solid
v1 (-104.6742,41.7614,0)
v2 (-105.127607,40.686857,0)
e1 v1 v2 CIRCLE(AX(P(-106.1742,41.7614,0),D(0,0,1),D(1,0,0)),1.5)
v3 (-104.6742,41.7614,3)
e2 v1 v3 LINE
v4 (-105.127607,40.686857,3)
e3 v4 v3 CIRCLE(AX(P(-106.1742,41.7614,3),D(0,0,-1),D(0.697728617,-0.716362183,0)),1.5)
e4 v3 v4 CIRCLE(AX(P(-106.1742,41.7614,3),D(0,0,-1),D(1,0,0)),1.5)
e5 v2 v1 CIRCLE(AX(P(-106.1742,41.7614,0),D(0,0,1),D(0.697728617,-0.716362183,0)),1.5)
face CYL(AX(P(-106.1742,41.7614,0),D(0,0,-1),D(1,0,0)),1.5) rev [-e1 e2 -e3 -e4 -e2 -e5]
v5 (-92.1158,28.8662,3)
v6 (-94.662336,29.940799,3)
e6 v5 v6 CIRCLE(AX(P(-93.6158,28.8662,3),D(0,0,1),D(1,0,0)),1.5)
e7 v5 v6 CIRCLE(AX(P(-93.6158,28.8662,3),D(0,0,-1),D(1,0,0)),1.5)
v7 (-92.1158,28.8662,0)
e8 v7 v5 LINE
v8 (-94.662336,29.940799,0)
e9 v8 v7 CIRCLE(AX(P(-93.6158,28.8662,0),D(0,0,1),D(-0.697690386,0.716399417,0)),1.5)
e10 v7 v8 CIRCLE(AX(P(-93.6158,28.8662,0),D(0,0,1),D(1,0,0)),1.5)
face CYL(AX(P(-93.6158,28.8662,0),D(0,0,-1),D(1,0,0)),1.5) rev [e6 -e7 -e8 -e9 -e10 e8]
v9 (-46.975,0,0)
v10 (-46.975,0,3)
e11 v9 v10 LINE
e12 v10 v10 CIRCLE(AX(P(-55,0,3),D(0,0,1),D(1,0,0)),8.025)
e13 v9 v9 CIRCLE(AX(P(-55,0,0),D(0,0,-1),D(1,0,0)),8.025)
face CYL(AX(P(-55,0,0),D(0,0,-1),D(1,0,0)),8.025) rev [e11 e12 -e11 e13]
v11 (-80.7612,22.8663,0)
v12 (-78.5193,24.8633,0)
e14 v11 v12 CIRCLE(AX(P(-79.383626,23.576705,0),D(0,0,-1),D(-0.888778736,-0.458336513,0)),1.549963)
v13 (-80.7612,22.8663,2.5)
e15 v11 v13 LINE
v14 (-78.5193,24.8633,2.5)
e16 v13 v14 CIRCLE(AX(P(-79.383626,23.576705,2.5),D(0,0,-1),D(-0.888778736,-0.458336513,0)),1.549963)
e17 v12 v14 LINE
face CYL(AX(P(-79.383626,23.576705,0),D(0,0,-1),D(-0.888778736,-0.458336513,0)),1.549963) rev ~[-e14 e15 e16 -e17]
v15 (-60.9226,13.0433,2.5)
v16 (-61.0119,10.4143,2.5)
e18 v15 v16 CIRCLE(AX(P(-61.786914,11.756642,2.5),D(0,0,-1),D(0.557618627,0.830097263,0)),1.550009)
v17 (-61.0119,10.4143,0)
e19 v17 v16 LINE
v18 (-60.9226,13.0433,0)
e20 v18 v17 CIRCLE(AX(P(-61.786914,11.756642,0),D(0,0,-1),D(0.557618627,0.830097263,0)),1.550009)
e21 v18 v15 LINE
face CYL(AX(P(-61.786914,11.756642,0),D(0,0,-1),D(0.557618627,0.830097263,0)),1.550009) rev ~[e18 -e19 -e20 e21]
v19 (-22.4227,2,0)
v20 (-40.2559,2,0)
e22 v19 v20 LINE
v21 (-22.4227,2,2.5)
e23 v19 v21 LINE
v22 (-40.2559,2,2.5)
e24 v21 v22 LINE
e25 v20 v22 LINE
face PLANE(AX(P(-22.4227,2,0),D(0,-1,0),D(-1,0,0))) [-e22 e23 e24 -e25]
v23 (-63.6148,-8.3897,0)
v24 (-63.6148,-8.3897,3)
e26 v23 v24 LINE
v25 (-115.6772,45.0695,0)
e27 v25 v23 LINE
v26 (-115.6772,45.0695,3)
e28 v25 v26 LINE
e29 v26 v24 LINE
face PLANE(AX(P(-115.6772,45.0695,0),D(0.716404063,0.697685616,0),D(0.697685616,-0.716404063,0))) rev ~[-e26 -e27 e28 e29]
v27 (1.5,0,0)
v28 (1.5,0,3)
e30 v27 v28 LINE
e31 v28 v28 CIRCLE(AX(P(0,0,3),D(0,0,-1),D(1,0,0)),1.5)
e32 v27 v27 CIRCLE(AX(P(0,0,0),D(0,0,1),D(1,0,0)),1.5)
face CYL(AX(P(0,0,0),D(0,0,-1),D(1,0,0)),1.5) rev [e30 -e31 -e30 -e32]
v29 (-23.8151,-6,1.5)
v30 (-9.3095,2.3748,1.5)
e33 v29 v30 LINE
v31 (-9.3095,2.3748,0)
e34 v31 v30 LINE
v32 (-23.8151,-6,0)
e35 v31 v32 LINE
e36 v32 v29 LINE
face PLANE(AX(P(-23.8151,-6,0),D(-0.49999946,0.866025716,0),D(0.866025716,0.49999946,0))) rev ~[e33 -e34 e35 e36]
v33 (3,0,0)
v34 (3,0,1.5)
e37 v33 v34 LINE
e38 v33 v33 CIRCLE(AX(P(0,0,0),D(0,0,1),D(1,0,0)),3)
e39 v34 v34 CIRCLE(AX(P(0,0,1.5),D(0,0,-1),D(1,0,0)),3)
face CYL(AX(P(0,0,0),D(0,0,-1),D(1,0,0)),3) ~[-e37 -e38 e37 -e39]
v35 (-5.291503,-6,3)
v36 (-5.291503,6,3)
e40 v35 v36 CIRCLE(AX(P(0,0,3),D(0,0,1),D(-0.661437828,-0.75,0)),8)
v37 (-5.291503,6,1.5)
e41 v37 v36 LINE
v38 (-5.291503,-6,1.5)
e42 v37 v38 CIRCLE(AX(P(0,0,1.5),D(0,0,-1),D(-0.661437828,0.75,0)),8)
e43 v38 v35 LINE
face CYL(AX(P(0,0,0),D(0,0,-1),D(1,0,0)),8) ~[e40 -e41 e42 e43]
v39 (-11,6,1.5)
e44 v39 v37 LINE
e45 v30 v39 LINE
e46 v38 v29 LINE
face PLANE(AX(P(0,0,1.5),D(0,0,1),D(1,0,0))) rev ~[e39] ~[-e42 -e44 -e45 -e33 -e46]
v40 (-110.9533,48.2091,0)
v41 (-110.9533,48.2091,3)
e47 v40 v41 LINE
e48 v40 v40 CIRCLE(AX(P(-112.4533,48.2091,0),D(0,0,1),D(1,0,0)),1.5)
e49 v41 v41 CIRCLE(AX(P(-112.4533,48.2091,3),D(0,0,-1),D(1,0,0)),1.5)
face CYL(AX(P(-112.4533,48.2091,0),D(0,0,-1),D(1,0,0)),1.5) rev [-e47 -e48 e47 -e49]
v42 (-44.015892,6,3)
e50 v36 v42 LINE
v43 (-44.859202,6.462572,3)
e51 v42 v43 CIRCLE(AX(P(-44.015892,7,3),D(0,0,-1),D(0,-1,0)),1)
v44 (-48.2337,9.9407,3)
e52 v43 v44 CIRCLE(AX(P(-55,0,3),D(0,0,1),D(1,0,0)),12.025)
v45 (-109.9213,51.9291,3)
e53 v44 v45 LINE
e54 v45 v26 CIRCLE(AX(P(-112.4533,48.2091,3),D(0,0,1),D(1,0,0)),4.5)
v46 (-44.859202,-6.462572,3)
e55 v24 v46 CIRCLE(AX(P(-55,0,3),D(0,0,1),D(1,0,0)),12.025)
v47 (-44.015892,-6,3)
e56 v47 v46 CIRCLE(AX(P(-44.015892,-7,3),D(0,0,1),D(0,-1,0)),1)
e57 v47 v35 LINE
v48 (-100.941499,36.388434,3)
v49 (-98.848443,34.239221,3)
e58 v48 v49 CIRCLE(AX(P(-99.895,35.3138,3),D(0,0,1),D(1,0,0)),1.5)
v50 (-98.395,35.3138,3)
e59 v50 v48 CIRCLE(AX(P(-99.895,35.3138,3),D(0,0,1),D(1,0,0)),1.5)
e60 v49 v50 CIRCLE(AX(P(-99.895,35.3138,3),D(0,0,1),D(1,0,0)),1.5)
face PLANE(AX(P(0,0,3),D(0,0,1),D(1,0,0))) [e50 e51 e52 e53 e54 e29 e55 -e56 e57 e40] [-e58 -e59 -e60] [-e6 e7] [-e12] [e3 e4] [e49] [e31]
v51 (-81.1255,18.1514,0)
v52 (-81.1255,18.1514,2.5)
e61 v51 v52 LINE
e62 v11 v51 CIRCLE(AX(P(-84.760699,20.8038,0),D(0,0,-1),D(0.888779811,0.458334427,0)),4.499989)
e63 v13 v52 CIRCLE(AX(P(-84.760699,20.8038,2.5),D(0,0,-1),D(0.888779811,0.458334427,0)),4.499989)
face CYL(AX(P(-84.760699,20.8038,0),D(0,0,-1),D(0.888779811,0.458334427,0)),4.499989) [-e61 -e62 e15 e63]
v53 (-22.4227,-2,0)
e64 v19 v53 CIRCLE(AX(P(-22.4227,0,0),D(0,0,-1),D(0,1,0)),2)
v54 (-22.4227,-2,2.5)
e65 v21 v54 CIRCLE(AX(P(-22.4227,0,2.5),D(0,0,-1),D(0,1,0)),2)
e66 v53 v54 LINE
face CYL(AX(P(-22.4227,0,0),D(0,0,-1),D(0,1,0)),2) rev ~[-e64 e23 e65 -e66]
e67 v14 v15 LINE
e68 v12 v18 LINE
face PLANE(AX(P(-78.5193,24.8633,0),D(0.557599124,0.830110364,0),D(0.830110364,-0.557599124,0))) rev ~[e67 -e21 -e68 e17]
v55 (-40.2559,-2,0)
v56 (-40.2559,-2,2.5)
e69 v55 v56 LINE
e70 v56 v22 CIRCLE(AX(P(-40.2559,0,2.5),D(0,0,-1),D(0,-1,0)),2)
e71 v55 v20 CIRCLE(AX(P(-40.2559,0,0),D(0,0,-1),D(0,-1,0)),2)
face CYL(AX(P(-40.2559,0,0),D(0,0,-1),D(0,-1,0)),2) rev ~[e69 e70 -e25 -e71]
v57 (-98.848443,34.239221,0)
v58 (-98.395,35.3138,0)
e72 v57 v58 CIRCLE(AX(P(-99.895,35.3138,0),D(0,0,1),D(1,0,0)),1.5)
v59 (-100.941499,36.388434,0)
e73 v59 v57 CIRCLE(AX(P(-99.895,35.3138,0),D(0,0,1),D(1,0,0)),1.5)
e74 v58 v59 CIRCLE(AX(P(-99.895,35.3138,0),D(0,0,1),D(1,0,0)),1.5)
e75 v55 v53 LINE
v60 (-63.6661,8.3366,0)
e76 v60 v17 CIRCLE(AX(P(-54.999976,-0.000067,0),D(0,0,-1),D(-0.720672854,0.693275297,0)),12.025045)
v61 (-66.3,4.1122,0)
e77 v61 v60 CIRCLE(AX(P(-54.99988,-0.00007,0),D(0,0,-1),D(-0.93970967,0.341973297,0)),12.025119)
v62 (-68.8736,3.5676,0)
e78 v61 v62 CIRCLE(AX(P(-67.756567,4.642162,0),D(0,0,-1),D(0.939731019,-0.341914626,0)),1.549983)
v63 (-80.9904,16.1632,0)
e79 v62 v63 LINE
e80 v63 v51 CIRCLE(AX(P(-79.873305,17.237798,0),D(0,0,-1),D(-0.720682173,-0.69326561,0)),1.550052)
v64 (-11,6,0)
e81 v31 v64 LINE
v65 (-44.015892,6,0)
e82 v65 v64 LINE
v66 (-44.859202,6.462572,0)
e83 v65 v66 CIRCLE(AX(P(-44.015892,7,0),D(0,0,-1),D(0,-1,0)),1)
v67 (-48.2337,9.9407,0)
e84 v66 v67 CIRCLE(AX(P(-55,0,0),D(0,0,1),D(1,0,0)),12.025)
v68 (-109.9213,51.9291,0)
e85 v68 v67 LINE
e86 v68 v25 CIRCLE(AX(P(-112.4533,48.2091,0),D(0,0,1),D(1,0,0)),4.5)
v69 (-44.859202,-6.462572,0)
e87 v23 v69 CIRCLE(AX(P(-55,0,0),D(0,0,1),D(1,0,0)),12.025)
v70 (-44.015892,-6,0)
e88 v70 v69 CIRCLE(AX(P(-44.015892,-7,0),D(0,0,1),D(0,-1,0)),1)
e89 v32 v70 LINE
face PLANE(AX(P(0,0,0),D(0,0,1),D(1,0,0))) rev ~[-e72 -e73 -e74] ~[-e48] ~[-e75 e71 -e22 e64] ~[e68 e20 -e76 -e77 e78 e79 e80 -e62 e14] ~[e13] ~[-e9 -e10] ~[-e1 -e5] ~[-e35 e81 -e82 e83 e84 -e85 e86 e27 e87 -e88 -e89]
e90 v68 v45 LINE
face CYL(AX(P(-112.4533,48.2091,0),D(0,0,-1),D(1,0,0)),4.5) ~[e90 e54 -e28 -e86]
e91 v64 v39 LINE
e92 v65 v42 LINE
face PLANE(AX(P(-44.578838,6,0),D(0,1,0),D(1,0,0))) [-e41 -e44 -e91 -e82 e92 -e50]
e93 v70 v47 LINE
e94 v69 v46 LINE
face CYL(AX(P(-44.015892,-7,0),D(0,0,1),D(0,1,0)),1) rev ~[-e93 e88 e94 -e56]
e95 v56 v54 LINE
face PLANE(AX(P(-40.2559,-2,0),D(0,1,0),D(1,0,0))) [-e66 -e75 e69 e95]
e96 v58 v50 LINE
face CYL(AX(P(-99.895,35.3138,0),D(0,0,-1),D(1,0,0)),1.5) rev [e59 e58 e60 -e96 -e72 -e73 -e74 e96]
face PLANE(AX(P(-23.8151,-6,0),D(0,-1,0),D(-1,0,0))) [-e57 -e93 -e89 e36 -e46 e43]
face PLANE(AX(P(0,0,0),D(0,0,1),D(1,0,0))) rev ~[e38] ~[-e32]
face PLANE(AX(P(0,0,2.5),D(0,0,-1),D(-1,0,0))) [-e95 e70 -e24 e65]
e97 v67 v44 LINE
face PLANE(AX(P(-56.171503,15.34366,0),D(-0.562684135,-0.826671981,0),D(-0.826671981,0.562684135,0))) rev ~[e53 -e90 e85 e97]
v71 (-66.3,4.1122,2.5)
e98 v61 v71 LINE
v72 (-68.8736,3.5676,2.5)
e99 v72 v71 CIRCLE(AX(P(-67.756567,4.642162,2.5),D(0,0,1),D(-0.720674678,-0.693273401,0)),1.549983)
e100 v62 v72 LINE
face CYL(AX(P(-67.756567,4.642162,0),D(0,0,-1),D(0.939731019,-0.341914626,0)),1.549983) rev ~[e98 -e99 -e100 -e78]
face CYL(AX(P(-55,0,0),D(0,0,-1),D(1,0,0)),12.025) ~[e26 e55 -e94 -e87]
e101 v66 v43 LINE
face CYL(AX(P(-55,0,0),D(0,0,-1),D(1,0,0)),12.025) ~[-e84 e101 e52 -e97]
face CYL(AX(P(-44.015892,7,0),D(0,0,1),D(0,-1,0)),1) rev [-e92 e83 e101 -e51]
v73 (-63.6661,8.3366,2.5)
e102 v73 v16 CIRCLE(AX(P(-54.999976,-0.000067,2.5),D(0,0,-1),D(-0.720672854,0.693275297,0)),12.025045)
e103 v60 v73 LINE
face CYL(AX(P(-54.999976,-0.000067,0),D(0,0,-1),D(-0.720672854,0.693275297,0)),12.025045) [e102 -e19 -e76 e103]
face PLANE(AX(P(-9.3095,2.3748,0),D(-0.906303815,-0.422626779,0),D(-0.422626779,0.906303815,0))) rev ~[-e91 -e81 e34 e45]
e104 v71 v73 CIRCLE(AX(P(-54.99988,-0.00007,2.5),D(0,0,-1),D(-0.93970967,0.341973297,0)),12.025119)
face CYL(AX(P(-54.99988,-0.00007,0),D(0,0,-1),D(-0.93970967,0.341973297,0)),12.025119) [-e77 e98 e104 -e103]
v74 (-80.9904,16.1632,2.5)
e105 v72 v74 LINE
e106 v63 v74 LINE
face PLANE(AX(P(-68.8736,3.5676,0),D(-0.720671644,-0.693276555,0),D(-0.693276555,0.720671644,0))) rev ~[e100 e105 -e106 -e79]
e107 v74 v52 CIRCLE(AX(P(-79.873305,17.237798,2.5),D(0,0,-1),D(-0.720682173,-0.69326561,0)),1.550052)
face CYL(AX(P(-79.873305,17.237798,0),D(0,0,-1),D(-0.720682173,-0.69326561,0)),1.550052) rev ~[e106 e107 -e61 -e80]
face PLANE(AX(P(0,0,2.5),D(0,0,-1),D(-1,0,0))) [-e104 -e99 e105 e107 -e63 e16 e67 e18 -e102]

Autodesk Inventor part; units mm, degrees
ref_plane "YZ Plane" through (0, 0, 0) normal (1, 0, 0) x (0, 1, 0)
ref_plane "XZ Plane" through (0, 0, 0) normal (0, 1, 0) x (-1, 0, 0)
ref_plane "XY Plane" through (0, 0, 0) normal (0, 0, 1) x (1, 0, 0)
sketch "スケッチ1" plane through (0, 0, 0) normal (0, 0, 1) x (1, 0, 0)
  circle A0 centre (-55, 0) radius 8.025
  circle A1 centre (-55, 0) radius 12.025
  line L0 (6, -6) -> (-61, -6)
  line L1 (-61, -6) -> (-61, 6)
  line L2 (-61, 6) -> (6, 6)
  line L3 (-61, -6) -> (-61, 6)
  line L4 (-20.8557, 4.9841) -> (202.5072, 4.9841) construction
  circle A2 centre (0, 0) radius 8
  line L5 (-23.9175, 26.3005) -> (3.7655, 4.6721)
  circle A3 centre (0, 0) radius 1.5
  circle A4 centre (0, 0) radius 3
  line L6 (-23.8151, -6) -> (-9.3095, 2.3748)
  line L7 (-9.3095, 2.3748) -> (-11, 6)
  line L8 (-55, 0) -> (0, 0)
  line L9 (0, 0) -> (0, 6)
  line L10 (-55, 0) -> (-112.4533, 48.2091)
  circle A5 centre (-112.4533, 48.2091) radius 4.5
  line L11 (-48.2337, 9.9407) -> (-109.9213, 51.9291)
  line L12 (-115.6772, 45.0695) -> (-63.6148, -8.3897)
  circle A6 centre (-112.4533, 48.2091) radius 1.5
  line L13 (-112.4533, 48.2091) -> (-74.1421, 8.87)
  circle A7 centre (-106.1742, 41.7614) radius 1.5
  circle A8 centre (-99.895, 35.3138) radius 1.5
  circle A9 centre (-93.6158, 28.8662) radius 1.5
  circle A10 centre (-57.5782, 13.277) radius 1.5
  circle A11 centre (-55, 0) radius 11 construction
  circle A12 centre (-57.5782, 13.277) radius 2.5
  point P0 (-62.7295, -9.2117)
  point P1 (-47.2705, 9.2117)
  point P2 (-5.2915, 6)
  point P3 (-5.2915, -6)
  point P4 (-44.5788, 6)
  point P5 (-44.5788, -6)
  point P6 (-49.6708, 6)
  point P7 (-49.6708, -6)
  point P8 (-60.3292, -6)
  point P9 (-61, -5.3292)
  point P10 (-61, 5.3292)
  point P11 (-60.3292, 6)
  point P12 (2.066, 6)
  point P13 (5.2915, -6)
  point P14 (5.2915, 6)
  point P15 (-57.2923, 11.8045)
  point P16 (-56.1715, 15.3437)
  point P17 (-55.4185, 12.0177)
  point P18 (-59.1096, 11.301)
  dimension "d1" = 16.05
  dimension "d3" = 4
  dimension "d19" = 38
  dimension "d35" = 16
  dimension "d36" = 3
  dimension "d37" = 6
  dimension "d38" = 55
  dimension "d39" = 6
  dimension "d40" = 6
  dimension "d42" = 65
  dimension "d43" = 11
  dimension "d44" = 4
  dimension "d45" = 30
  dimension "d47" = 75
  dimension "d50" = 9
  dimension "d51" = 3
  dimension "d54" = 9
  dimension "d59" = 140
  dimension "d63" = 9
  dimension "d67" = 3
  dimension "d68" = 22
  dimension "d69" = 1
extrude "押し出し1" add sketch "スケッチ1" along normal blind 3 contours L8 A1 L0 A0 | A0 L2 A1 L8 | A0 L2 L1 L10 A1 A12 | L0 A1 L10 A0 L1 | L8 L6 L0 A1 | A1 L2 L7 L6 L8 | A0 L1 L2 | L0 L1 A0 | L8 A2 L0 L6 | L6 L7 L2 A2 L8 | A1 A12 L11 | L12 A5 L13 A7 L10 A1 | L8 A4 L9 L2 A2 L0 | A2 L2 L9 A4 L8 | A12 A1 | A10 | A1 A12 | A12 A1 L10 A7 A5 L11 | A2 L5 L2 | A5 L10 A6 L13 | L0 A2 | L8 A3 L9 A4 | A4 L9 A3 L8 | A2 L2 L5 | L13 A6 L10 A5 | A5 L10 A7 L13
extrude "押し出し3" cut sketch "スケッチ1" along normal blind 1.5 contours L8 A2 L0 L6 | L6 L7 L2 A2 L8 | L8 A4 L9 L2 A2 L0 | A2 L2 L9 A4 L8 | A2 L5 L2 | L0 A2 | A2 L2 L5
sketch "スケッチ2" plane through (0, 0, 3) normal (0, 0, 1) x (1, 0, 0)
  circle A0 centre (-55, 0) radius 8.025 projected
  circle A1 centre (0, 0) radius 1.5 projected
  arc A2 (-44.5788, 6) -> (-48.2337, 9.9407) centre (-55, 0) ccw projected
  line L0 (-48.2337, 9.9407) -> (-109.9213, 51.9291) projected
  arc A3 (-109.9213, 51.9291) -> (-115.6772, 45.0695) centre (-112.4533, 48.2091) ccw projected
  line L1 (-115.6772, 45.0695) -> (-63.6148, -8.3897) projected
  arc A4 (-63.6148, -8.3897) -> (-44.5788, -6) centre (-55, 0) ccw projected
  line L2 (-44.5788, -6) -> (-5.2915, -6) projected
  arc A5 (-5.2915, -6) -> (-5.2915, 6) centre (0, 0) ccw projected
  line L3 (-5.2915, 6) -> (-44.5788, 6) projected
  circle A6 centre (-112.4533, 48.2091) radius 1.5 projected
  circle A7 centre (-93.6158, 28.8662) radius 1.5 projected
  circle A8 centre (-99.895, 35.3138) radius 1.5 projected
  circle A9 centre (-106.1742, 41.7614) radius 1.5 projected
  dimension "d64" = 9
  dimension "d65" = 9
  dimension "d66" = 9
sketch "スケッチ3" plane through (0, 0, 0) normal (0, 0, -1) x (-1, 0, 0)
  circle A0 centre (106.1742, 41.7614) radius 1.5 projected
  circle A1 centre (99.895, 35.3138) radius 1.5 projected
  circle A2 centre (93.6158, 28.8662) radius 1.5 projected
  circle A3 centre (112.4533, 48.2091) radius 1.5 projected
  line L0 (11, 6) -> (9.3095, 2.3748) projected
  line L1 (9.3095, 2.3748) -> (23.8151, -6) projected
  line L2 (44.5788, -6) -> (23.8151, -6) projected
  arc A4 (44.5788, -6) -> (63.6148, -8.3897) centre (55, 0) ccw projected
  line L3 (115.6772, 45.0695) -> (63.6148, -8.3897) projected
  arc A5 (115.6772, 45.0695) -> (109.9213, 51.9291) centre (112.4533, 48.2091) ccw projected
  line L4 (48.2337, 9.9407) -> (109.9213, 51.9291) projected
  arc A6 (48.2337, 9.9407) -> (44.5788, 6) centre (55, 0) ccw projected
  line L5 (11, 6) -> (44.5788, 6) projected
  circle A7 centre (55, 0) radius 8.025 projected
  arc A8 (78.5193, -24.8633) -> (80.7612, -22.8663) centre (79.3836, -23.5767) ccw
  line L6 (78.5193, -24.8633) -> (60.9226, -13.0433)
  arc A9 (61.0119, -10.4143) -> (60.9226, -13.0433) centre (61.7868, -11.7567) ccw
  arc A10 (61.0119, -10.4143) -> (66.3, -4.1122) centre (55, 0) ccw
  arc A11 (68.8736, -3.5676) -> (66.3, -4.1122) centre (67.7566, -4.6422) ccw
  line L7 (68.8736, -3.5676) -> (80.9904, -16.1632)
  arc A12 (81.1255, -18.1514) -> (80.9904, -16.1632) centre (79.8733, -17.2378) ccw
  arc A13 (81.1255, -18.1514) -> (80.7612, -22.8663) centre (84.7607, -20.8038) ccw
  arc A14 (40.2559, -2) -> (40.2559, 2) centre (40.2559, 0) ccw
  line L8 (40.2559, -2) -> (22.4227, -2)
  arc A15 (22.4227, 2) -> (22.4227, -2) centre (22.4227, 0) ccw
  line L9 (22.4227, 2) -> (40.2559, 2)
  line L10 (9.3095, -2.3748) -> (11, -6)
  line L11 (44.5788, -6) -> (11, -6)
  arc A16 (44.5788, -6) -> (48.2949, -9.9821) centre (55, 0) ccw
  line L12 (102.7709, -46.5745) -> (48.2949, -9.9821)
  arc A17 (102.7709, -46.5745) -> (109.1623, -38.9576) centre (105.5589, -42.424) ccw
  line L13 (63.6661, 8.3366) -> (109.1623, -38.9576)
  arc A18 (63.6661, 8.3366) -> (44.5788, 6) centre (55, 0) ccw
  line L14 (23.8151, 6) -> (44.5788, 6)
  line L15 (23.8151, 6) -> (9.3095, -2.3748)
  circle A19 centre (55, 0) radius 8.025
  circle A20 centre (84.7607, -20.8038) radius 1.5
  circle A21 centre (105.5589, -42.424) radius 1.5
  circle A22 centre (91.6934, -28.0105) radius 1.5
  circle A23 centre (98.6262, -35.2172) radius 1.5
  line L16 (55, 0) -> (46.975, 0)
  arc A24 (80.7612, 22.8663) -> (78.5193, 24.8633) centre (79.3836, 23.5767) ccw
  line L17 (78.5193, 24.8633) -> (60.9226, 13.0433)
  arc A25 (60.9226, 13.0433) -> (61.0119, 10.4143) centre (61.7868, 11.7567) ccw
  arc A26 (66.3, 4.1122) -> (61.0119, 10.4143) centre (55, 0) ccw
  arc A27 (66.3, 4.1122) -> (68.8736, 3.5676) centre (67.7566, 4.6422) ccw
  line L18 (68.8736, 3.5676) -> (80.9904, 16.1632)
  arc A28 (80.9904, 16.1632) -> (81.1255, 18.1514) centre (79.8733, 17.2378) ccw
  arc A29 (80.7612, 22.8663) -> (81.1255, 18.1514) centre (84.7607, 20.8038) ccw
  arc A30 (40.2559, -2) -> (40.2559, 2) centre (40.2559, 0) ccw
  line L19 (40.2559, 2) -> (22.4227, 2)
  arc A31 (22.4227, 2) -> (22.4227, -2) centre (22.4227, 0) ccw
  line L20 (22.4227, -2) -> (40.2559, -2)
  point P0 (0, 0)
  point P1 (0, 0)
  point P2 (61.0119, 10.4143)
extrude "押し出し4" cut sketch "スケッチ3" against normal blind 2.5 contours A25 L17 A24 A29 A28 L18 A27 L13 A18 | L13 A27 A26 | L8 A15 L9 A14
fillet "フィレット2" radius 1 2 edges at (-44.5788, 6, 1.5) (-44.5788, -6, 1.5)
properties part number "アーム中間その弐" material "アルミニウム 7075"
